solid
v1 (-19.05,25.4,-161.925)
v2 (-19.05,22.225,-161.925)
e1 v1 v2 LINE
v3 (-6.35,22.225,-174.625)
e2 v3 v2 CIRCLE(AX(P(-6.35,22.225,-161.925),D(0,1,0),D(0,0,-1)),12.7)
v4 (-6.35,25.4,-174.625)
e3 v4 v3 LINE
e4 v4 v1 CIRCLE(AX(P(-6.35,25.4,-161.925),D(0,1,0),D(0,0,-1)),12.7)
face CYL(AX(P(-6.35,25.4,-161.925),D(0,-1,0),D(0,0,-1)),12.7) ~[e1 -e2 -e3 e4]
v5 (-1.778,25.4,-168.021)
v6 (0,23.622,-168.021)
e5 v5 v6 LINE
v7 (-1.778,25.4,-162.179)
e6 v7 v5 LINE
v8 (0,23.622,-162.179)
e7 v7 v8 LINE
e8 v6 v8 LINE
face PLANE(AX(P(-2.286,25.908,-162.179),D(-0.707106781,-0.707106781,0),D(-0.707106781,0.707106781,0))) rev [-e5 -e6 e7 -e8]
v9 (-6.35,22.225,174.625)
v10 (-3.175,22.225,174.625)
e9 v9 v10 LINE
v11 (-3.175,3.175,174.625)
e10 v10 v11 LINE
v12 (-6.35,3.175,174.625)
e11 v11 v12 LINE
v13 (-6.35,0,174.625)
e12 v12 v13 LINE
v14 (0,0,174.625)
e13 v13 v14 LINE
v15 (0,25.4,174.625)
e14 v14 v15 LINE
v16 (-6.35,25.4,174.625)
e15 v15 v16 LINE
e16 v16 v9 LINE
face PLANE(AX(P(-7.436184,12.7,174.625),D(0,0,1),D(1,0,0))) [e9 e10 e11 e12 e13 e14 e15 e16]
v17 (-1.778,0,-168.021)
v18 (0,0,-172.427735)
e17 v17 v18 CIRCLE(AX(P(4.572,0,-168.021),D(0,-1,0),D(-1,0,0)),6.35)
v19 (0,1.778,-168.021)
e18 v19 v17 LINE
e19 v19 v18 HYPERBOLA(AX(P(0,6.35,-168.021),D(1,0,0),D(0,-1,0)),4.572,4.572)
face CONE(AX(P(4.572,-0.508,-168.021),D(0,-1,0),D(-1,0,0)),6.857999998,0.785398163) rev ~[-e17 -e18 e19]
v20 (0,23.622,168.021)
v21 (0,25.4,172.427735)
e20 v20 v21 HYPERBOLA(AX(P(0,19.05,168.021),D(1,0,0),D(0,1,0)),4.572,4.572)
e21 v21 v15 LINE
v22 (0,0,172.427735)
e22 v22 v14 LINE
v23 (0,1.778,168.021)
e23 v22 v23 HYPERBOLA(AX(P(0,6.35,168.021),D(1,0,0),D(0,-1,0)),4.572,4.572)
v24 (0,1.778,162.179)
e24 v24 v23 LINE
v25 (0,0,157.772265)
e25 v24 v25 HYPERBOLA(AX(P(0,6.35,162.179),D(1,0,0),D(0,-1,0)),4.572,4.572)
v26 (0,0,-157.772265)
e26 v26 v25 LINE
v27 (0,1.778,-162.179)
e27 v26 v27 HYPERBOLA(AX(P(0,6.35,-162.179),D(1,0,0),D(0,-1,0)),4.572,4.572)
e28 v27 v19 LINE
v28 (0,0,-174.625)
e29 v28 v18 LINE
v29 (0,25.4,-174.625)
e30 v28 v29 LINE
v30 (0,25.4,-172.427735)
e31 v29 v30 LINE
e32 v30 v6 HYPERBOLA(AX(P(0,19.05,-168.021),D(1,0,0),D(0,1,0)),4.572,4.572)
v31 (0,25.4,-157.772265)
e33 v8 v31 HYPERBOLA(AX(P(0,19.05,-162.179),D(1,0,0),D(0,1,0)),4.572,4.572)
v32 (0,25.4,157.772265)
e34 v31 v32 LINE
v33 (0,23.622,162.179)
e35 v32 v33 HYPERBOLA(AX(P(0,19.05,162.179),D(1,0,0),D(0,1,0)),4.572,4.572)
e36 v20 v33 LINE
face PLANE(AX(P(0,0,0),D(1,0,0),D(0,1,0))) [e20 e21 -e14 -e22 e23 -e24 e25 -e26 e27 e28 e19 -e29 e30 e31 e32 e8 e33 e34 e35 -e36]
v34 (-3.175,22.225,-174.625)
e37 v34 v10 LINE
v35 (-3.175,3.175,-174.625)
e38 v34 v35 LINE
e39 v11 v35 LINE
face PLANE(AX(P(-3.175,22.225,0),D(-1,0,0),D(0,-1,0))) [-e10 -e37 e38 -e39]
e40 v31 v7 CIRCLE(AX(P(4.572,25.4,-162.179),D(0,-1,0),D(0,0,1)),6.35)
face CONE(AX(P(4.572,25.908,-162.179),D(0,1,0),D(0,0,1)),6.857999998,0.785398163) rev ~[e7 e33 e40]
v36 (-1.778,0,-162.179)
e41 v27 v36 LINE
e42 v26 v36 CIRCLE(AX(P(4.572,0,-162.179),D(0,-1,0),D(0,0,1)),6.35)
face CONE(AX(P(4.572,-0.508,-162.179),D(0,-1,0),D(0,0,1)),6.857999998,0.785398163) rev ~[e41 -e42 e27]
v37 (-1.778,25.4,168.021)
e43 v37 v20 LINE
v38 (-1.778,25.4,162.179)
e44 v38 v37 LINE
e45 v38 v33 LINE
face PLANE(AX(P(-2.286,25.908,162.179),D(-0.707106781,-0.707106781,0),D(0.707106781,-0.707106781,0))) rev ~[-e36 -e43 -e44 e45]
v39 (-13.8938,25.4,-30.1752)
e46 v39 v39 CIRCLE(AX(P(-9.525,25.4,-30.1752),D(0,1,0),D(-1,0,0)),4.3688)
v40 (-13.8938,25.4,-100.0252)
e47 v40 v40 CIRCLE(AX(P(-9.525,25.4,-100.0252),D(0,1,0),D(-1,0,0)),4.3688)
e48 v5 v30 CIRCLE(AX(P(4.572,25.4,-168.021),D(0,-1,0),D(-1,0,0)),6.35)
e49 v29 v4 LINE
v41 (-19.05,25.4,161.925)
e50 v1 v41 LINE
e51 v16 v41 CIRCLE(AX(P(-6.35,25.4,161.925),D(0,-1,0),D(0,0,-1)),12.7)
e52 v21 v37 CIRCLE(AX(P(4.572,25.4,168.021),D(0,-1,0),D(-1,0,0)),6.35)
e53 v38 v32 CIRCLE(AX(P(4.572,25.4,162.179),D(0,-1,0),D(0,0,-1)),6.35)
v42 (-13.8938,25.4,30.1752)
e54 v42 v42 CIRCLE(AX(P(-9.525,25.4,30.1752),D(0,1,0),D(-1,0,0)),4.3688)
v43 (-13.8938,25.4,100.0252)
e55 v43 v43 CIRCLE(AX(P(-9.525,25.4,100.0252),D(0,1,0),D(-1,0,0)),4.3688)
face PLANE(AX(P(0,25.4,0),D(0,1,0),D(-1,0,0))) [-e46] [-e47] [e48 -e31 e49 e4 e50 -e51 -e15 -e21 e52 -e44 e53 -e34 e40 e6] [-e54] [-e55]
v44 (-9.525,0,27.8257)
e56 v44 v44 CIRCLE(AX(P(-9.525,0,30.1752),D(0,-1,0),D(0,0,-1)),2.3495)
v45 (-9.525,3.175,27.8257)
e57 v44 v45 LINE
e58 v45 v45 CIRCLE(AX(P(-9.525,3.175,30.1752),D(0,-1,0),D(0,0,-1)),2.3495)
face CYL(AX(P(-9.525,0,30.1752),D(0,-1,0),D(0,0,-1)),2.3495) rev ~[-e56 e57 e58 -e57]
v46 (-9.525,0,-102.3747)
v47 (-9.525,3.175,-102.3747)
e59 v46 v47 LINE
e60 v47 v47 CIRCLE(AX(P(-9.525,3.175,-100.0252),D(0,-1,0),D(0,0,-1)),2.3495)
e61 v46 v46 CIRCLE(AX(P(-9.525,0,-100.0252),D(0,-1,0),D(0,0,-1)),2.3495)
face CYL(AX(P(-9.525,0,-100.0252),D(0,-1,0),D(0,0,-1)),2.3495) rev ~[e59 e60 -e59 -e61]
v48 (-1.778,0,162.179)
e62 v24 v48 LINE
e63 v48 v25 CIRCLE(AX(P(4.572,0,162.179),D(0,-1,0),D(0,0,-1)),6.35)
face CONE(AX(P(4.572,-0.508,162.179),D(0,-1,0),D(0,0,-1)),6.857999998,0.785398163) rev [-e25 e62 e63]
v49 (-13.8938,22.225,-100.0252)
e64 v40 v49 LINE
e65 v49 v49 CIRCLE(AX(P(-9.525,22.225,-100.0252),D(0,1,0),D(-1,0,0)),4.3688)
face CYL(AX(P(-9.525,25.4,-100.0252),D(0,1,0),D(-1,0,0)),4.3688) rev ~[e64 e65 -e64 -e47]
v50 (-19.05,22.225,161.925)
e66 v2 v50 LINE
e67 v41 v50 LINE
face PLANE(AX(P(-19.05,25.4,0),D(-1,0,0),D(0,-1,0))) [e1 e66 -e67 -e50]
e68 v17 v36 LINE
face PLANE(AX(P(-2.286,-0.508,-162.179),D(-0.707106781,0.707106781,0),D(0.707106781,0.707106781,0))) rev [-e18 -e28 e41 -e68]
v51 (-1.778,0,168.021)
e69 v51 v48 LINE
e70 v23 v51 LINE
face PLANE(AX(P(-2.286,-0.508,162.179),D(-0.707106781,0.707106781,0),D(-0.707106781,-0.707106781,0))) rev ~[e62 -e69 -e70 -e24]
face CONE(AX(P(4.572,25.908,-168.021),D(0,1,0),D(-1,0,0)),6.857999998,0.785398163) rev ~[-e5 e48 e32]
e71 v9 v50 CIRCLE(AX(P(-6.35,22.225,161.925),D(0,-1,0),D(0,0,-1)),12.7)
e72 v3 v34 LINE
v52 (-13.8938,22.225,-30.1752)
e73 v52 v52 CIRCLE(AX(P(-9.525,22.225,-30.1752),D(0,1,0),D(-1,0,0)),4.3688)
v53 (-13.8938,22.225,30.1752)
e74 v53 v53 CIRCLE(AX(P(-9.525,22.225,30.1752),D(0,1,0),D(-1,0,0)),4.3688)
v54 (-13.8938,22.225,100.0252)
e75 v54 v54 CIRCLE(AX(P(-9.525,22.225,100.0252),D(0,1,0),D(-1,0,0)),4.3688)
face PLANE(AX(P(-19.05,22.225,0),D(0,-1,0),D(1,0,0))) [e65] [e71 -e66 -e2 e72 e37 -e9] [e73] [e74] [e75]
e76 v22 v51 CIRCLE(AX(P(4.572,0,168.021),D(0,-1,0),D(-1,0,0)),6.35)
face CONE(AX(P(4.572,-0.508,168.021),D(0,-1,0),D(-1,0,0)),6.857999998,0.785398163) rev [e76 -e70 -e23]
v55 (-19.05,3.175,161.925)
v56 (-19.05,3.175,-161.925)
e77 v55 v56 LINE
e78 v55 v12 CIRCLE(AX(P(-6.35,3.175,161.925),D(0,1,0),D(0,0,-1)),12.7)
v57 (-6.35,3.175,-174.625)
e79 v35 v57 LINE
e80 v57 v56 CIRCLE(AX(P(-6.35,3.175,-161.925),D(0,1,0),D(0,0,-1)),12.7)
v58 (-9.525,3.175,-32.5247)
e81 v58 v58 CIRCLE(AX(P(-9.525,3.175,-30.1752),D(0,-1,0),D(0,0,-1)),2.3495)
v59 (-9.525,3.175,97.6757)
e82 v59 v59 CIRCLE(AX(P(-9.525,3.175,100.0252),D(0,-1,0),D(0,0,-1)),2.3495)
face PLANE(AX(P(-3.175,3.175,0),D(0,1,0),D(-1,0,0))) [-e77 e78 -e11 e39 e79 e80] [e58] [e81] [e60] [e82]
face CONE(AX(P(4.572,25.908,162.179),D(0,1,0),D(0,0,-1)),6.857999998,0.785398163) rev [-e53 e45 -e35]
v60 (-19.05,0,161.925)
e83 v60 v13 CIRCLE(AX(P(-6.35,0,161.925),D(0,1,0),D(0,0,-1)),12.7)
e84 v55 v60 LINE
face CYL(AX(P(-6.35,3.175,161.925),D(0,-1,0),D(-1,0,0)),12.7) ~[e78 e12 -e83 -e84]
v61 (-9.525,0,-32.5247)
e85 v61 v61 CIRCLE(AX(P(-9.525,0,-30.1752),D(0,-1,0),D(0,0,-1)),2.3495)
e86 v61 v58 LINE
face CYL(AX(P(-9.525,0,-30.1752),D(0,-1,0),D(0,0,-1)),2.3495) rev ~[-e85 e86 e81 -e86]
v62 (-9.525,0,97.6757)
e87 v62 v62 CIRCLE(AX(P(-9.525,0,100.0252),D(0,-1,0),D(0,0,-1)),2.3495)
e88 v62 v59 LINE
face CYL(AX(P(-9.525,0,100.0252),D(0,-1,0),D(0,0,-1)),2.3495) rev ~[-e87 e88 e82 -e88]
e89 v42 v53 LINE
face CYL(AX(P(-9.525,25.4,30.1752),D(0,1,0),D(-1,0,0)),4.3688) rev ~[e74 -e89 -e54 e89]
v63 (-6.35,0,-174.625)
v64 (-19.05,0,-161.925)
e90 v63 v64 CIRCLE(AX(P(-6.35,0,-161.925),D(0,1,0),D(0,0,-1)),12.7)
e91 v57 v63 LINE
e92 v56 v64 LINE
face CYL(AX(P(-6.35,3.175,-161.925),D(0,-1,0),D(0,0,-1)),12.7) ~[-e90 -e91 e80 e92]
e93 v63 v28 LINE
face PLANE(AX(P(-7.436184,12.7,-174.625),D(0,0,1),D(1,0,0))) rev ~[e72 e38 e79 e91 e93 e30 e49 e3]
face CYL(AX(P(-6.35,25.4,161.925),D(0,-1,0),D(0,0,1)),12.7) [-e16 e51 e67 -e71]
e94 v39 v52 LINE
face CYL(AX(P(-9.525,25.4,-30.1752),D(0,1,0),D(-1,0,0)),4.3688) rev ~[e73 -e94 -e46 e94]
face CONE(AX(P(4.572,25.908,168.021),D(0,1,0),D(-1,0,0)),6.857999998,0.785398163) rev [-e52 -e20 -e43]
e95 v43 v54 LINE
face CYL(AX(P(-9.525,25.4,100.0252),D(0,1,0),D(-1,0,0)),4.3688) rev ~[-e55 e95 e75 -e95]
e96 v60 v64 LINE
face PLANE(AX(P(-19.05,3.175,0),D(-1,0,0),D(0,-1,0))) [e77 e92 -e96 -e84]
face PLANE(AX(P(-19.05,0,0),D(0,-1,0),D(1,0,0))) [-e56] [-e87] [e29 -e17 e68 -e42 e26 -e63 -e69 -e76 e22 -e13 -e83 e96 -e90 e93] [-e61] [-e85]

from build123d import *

# Parameters (mm, degrees)
BOSS_EXTRUDE1_DEPTH = 174.625
CUT_EXTRUDE1_REACH  = 179.488
SKETCH3_R           = 2.3495
CUT_EXTRUDE2_REACH  = 179.488
SKETCH4_R           = 4.3688
FILLET1_R           = 12.7


with BuildPart() as part:
    # Sketch1 → Boss-Extrude1 (new, symmetric)
    with BuildSketch(Plane.XY):
        Polygon((-19.05, 0), (0, 0), (0, 25.4), (-19.05, 25.4), (-19.05, 22.225), (-3.175, 22.225), (-3.175, 3.175), (-19.05, 3.175), align=None)
    extrude(amount=BOSS_EXTRUDE1_DEPTH, both=True)

    # Sketch3 → Cut-Extrude1 (cut, up to next)
    with BuildSketch(Plane.XZ, mode=Mode.PRIVATE) as cut_extrude1_sk1:
        with Locations(Location((-9.525, -30.1752, 0), (0, 0, 270))):
            Circle(SKETCH3_R)
    cut_extrude1_tool1 = extrude(cut_extrude1_sk1.sketch, amount=-CUT_EXTRUDE1_REACH, mode=Mode.PRIVATE) & part.part
    # Sketch3 → Cut-Extrude1 (cut, up to next)
    with BuildSketch(Plane.XZ, mode=Mode.PRIVATE) as cut_extrude1_sk2:
        with Locations(Location((-9.525, -100.0252, 0), (0, 0, 270))):
            Circle(SKETCH3_R)
    cut_extrude1_tool2 = extrude(cut_extrude1_sk2.sketch, amount=-CUT_EXTRUDE1_REACH, mode=Mode.PRIVATE) & part.part
    # Sketch3 → Cut-Extrude1 (cut, up to next)
    with BuildSketch(Plane.XZ, mode=Mode.PRIVATE) as cut_extrude1_sk3:
        with Locations(Location((-9.525, 30.1752, 0), (0, 0, 270))):
            Circle(SKETCH3_R)
    cut_extrude1_tool3 = extrude(cut_extrude1_sk3.sketch, amount=-CUT_EXTRUDE1_REACH, mode=Mode.PRIVATE) & part.part
    # Sketch3 → Cut-Extrude1 (cut, up to next)
    with BuildSketch(Plane.XZ, mode=Mode.PRIVATE) as cut_extrude1_sk4:
        with Locations(Location((-9.525, 100.0252, 0), (0, 0, 270))):
            Circle(SKETCH3_R)
    cut_extrude1_tool4 = extrude(cut_extrude1_sk4.sketch, amount=-CUT_EXTRUDE1_REACH, mode=Mode.PRIVATE) & part.part
    add(cut_extrude1_tool1.solids().sort_by_distance((-9.525, 0, -30.1752))[0], mode=Mode.SUBTRACT)
    add(cut_extrude1_tool2.solids().sort_by_distance((-9.525, 0, -100.0252))[0], mode=Mode.SUBTRACT)
    add(cut_extrude1_tool3.solids().sort_by_distance((-9.525, 0, 30.1752))[0], mode=Mode.SUBTRACT)
    add(cut_extrude1_tool4.solids().sort_by_distance((-9.525, 0, 100.0252))[0], mode=Mode.SUBTRACT)

    # Sketch4 → Cut-Extrude2 (cut, up to next)
    with BuildSketch(Plane(origin=(0, 25.4, 0), x_dir=(1, 0, 0), z_dir=(0, 1, 0)), mode=Mode.PRIVATE) as cut_extrude2_sk1:
        with Locations(Location((-9.525, -100.0252, 0), (0, 0, 180))):
            Circle(SKETCH4_R)
    cut_extrude2_tool1 = extrude(cut_extrude2_sk1.sketch, amount=-CUT_EXTRUDE2_REACH, mode=Mode.PRIVATE) & part.part
    # Sketch4 → Cut-Extrude2 (cut, up to next)
    with BuildSketch(Plane(origin=(0, 25.4, 0), x_dir=(1, 0, 0), z_dir=(0, 1, 0)), mode=Mode.PRIVATE) as cut_extrude2_sk2:
        with Locations(Location((-9.525, -30.1752, 0), (0, 0, 180))):
            Circle(SKETCH4_R)
    cut_extrude2_tool2 = extrude(cut_extrude2_sk2.sketch, amount=-CUT_EXTRUDE2_REACH, mode=Mode.PRIVATE) & part.part
    # Sketch4 → Cut-Extrude2 (cut, up to next)
    with BuildSketch(Plane(origin=(0, 25.4, 0), x_dir=(1, 0, 0), z_dir=(0, 1, 0)), mode=Mode.PRIVATE) as cut_extrude2_sk3:
        with Locations(Location((-9.525, 30.1752, 0), (0, 0, 180))):
            Circle(SKETCH4_R)
    cut_extrude2_tool3 = extrude(cut_extrude2_sk3.sketch, amount=-CUT_EXTRUDE2_REACH, mode=Mode.PRIVATE) & part.part
    # Sketch4 → Cut-Extrude2 (cut, up to next)
    with BuildSketch(Plane(origin=(0, 25.4, 0), x_dir=(1, 0, 0), z_dir=(0, 1, 0)), mode=Mode.PRIVATE) as cut_extrude2_sk4:
        with Locations(Location((-9.525, 100.0252, 0), (0, 0, 180))):
            Circle(SKETCH4_R)
    cut_extrude2_tool4 = extrude(cut_extrude2_sk4.sketch, amount=-CUT_EXTRUDE2_REACH, mode=Mode.PRIVATE) & part.part
    add(cut_extrude2_tool1.solids().sort_by_distance((-9.525, 25.4, 100.0252))[0], mode=Mode.SUBTRACT)
    add(cut_extrude2_tool2.solids().sort_by_distance((-9.525, 25.4, 30.1752))[0], mode=Mode.SUBTRACT)
    add(cut_extrude2_tool3.solids().sort_by_distance((-9.525, 25.4, -30.1752))[0], mode=Mode.SUBTRACT)
    add(cut_extrude2_tool4.solids().sort_by_distance((-9.525, 25.4, -100.0252))[0], mode=Mode.SUBTRACT)

    # Fillet1
    fillet1_edges = [part.edges().sort_by_distance(p)[0] for p in [
        (-19.05, 1.5875, -174.625),
        (-19.05, 23.8125, 174.625),
        (-19.05, 1.5875, 174.625),
        (-19.05, 23.8125, -174.625),
    ]]
    fillet(fillet1_edges, radius=FILLET1_R)

    # Cut-Sweep1: sweep along a path in Sketch5
    with BuildLine(Plane(origin=(0, 25.4, 0), x_dir=(1, 0, 0), z_dir=(0, 1, 0))) as cut_sweep1_path:
        Line((7.112, -155.829), (4.572, -155.829))
        ThreePointArc((4.572, -155.829), (0.081871939, -157.688871939), (-1.778, -162.179))
        Line((-1.778, -162.179), (-1.778, -168.021))
        ThreePointArc((-1.778, -168.021), (0.081871939, -172.511128061), (4.572, -174.371))
        Line((4.572, -174.371), (7.112, -174.371))
    # Sketch6 → Cut-Sweep1 (sweep, cut)
    with BuildSketch(Plane(origin=(7.112, 25.4, 174.371), x_dir=(0, 0, -1), z_dir=(1, 0, 0))):
        Polygon((-0.508, 0.508), (4.572, -4.572), (4.572, 0.508), align=None)
        Polygon((4.572, -20.828), (4.572, -25.908), (-0.508, -25.908), align=None)
    cut_sweep1 = sweep(path=cut_sweep1_path.line, mode=Mode.SUBTRACT)

    # Mirror1: Cut-Sweep1 across plane
    add(cut_sweep1.mirror(Plane.XY), mode=Mode.SUBTRACT)


solid = part.part
